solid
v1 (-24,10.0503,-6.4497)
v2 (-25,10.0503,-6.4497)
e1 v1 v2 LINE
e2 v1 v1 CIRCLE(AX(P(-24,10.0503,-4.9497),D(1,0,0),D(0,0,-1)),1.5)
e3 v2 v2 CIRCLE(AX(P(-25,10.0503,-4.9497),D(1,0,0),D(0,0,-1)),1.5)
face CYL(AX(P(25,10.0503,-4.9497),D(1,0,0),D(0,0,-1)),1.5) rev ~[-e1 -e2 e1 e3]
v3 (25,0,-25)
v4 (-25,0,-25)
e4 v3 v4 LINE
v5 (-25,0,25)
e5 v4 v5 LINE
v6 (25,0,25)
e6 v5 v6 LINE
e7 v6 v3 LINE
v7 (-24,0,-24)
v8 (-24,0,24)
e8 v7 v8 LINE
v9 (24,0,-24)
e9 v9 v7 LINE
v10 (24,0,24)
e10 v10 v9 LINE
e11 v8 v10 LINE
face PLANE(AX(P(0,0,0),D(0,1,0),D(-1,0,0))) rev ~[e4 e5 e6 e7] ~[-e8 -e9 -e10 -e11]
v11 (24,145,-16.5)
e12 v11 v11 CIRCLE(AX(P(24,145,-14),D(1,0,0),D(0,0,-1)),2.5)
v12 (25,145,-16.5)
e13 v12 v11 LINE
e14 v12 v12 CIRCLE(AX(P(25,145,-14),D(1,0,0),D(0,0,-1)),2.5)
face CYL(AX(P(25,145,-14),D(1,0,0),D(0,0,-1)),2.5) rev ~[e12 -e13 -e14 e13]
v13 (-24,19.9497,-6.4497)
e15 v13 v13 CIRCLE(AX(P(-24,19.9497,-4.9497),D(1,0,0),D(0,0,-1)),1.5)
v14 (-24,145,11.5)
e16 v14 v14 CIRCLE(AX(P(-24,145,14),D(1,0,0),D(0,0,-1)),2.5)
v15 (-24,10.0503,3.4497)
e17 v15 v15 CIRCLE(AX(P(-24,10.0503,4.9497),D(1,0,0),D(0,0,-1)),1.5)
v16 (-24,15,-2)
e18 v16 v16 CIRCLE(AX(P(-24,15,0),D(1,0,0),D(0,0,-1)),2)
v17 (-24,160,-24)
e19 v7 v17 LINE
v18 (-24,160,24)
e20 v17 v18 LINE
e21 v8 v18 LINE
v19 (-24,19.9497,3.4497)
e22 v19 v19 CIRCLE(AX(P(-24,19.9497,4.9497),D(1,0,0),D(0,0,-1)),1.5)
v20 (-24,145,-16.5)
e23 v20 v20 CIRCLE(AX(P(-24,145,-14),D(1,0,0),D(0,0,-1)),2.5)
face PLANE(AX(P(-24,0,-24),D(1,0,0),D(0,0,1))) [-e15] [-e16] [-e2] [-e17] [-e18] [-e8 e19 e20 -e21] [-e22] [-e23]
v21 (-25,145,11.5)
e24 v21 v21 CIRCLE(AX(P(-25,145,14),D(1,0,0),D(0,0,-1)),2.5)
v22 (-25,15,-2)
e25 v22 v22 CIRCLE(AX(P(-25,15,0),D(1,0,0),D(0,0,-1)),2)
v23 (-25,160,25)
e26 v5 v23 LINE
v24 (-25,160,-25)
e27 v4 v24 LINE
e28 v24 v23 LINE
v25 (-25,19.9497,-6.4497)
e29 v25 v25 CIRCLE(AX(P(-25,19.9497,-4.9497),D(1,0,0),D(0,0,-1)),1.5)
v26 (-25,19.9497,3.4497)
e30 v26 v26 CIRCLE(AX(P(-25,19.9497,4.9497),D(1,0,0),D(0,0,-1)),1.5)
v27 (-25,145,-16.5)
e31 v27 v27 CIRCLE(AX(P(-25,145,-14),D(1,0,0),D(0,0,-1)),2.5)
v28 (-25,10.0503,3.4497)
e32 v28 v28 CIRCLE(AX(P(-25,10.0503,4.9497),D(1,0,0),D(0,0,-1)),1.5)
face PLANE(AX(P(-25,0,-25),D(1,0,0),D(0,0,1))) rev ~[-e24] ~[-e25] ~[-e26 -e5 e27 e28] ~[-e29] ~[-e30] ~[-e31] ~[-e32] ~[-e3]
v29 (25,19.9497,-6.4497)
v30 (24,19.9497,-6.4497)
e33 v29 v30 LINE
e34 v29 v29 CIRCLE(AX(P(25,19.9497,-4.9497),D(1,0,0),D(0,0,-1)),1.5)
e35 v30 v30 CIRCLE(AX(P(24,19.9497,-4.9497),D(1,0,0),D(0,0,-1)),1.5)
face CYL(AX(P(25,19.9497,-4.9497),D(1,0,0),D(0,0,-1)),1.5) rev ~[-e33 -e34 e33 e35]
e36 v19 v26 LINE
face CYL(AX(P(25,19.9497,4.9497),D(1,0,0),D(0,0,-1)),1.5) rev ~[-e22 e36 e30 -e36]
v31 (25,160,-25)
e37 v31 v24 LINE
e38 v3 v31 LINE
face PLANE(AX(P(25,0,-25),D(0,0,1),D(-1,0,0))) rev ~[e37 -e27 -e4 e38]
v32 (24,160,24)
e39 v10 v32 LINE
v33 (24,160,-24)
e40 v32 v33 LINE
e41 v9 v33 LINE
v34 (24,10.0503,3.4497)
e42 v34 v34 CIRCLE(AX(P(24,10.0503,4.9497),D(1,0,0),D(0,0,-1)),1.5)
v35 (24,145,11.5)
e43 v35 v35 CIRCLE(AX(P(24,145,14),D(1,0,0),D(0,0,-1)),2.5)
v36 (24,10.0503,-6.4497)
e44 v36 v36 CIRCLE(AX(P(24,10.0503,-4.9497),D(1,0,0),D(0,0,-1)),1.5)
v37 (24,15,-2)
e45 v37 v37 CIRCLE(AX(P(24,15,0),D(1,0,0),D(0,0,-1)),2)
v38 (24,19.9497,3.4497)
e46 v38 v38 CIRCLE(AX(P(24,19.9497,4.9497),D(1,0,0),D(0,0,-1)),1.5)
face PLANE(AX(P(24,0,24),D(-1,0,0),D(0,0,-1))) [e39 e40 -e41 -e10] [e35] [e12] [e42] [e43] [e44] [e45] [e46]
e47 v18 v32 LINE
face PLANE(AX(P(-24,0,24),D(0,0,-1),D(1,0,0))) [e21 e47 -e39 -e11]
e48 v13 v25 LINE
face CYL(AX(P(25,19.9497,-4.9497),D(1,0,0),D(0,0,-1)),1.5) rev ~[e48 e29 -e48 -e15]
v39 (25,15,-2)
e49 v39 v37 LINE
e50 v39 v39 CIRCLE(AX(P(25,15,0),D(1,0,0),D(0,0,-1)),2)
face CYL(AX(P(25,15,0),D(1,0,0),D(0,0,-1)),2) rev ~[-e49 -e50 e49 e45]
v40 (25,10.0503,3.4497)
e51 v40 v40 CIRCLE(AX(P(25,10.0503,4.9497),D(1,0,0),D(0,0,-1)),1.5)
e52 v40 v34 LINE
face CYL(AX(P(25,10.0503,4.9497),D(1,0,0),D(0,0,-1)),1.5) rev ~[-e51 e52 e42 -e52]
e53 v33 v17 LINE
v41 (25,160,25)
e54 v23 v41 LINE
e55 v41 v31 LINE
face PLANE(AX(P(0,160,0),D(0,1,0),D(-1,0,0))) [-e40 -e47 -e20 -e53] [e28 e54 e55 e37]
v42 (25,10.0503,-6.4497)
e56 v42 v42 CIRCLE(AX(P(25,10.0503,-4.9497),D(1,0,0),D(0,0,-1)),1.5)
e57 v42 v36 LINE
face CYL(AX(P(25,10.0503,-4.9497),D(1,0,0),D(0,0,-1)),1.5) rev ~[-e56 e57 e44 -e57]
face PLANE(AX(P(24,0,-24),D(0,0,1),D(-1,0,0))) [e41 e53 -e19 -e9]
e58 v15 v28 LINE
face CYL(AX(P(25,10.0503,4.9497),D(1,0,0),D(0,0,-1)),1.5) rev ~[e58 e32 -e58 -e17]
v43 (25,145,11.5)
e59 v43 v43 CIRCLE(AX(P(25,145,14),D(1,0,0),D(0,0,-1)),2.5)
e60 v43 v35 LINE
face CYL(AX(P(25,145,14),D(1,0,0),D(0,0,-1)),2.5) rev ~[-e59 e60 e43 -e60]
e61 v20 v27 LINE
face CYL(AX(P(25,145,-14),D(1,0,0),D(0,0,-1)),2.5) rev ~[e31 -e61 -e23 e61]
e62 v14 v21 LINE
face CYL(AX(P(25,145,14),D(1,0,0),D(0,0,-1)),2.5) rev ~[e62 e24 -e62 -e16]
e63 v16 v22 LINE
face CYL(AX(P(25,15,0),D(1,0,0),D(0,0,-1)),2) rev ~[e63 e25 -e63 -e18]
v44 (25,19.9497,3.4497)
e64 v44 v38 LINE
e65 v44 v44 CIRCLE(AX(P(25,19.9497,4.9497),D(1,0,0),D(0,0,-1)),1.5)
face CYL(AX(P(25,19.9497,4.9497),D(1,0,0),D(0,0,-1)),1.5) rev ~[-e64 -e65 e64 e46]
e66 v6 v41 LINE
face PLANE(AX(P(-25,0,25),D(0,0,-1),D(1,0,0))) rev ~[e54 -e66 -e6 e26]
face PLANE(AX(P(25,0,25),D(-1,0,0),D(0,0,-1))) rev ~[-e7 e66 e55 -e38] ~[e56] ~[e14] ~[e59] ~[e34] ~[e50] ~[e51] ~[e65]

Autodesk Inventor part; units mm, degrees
ref_plane "YZ Plane" through (0, 0, 0) normal (1, 0, 0) x (0, 1, 0)
ref_plane "XZ Plane" through (0, 0, 0) normal (0, 1, 0) x (-1, 0, 0)
ref_plane "XY Plane" through (0, 0, 0) normal (0, 0, 1) x (1, 0, 0)
sketch "Sketch1" plane through (0, 0, 0) normal (0, 1, 0) x (-1, 0, 0)
  line L0 (25, 25) -> (-25, 25)
  line L1 (-25, 25) -> (-25, -25)
  line L2 (-25, -25) -> (25, -25)
  line L3 (25, -25) -> (25, 25)
  line L4 (25, 25) -> (-25, -25) construction
  line L5 (-25, 25) -> (25, -25) construction
  line L6 (24, 24) -> (-24, 24)
  line L7 (-24, 24) -> (-24, -24)
  line L8 (-24, -24) -> (24, -24)
  line L9 (24, -24) -> (24, 24)
  line L10 (24, 24) -> (-24, -24) construction
  line L11 (-24, 24) -> (24, -24) construction
  point P0 (0, 0)
  dimension "d0" = 50
  dimension "d2" = 48
extrude "Extrusion1" add sketch "Sketch1" along normal blind 160
sketch "Sketch2" plane through (25, 0, 25) normal (1, 0, 0) x (0, 0, -1)
  line L0 (0, 0) -> (48, 0) construction
  line L1 (0, 0) -> (0, 15) construction
  line L2 (0, 15) -> (11, 15) construction
  line L3 (11, 15) -> (39, 15) construction
  line L4 (25, 15) -> (20.0503, 19.9497) construction
  line L5 (25, 15) -> (32, 15) construction
  line L6 (20.0503, 19.9497) -> (20.0503, 22.4497) construction
  line L7 (21.4936, 22.4497) -> (22.937, 19.9497)
  line L8 (22.937, 19.9497) -> (21.4936, 17.4497)
  line L9 (21.4936, 17.4497) -> (18.6069, 17.4497)
  line L10 (18.6069, 17.4497) -> (17.1635, 19.9497)
  line L11 (17.1635, 19.9497) -> (18.6069, 22.4497)
  line L12 (18.6069, 22.4497) -> (21.4936, 22.4497)
  line L13 (25, 15) -> (25, 18.7194) construction
  circle A0 centre (20.0503, 19.9497) radius 1.5
  line L14 (29.9497, 19.9497) -> (29.9497, 22.4497) construction
  line L15 (28.5064, 22.4497) -> (27.063, 19.9497)
  line L16 (27.063, 19.9497) -> (28.5064, 17.4497)
  line L17 (28.5064, 17.4497) -> (31.3931, 17.4497)
  line L18 (31.3931, 22.4497) -> (28.5064, 22.4497)
  line L19 (32.8365, 19.9497) -> (31.3931, 22.4497)
  line L20 (31.3931, 17.4497) -> (32.8365, 19.9497)
  circle A1 centre (29.9497, 19.9497) radius 1.5
  line L21 (20.0503, 10.0503) -> (20.0503, 7.5503) construction
  line L22 (21.4936, 7.5503) -> (22.937, 10.0503)
  line L23 (22.937, 10.0503) -> (21.4936, 12.5503)
  line L24 (21.4936, 12.5503) -> (18.6069, 12.5503)
  line L25 (18.6069, 7.5503) -> (21.4936, 7.5503)
  line L26 (17.1635, 10.0503) -> (18.6069, 7.5503)
  line L27 (18.6069, 12.5503) -> (17.1635, 10.0503)
  circle A2 centre (20.0503, 10.0503) radius 1.5
  line L28 (27.063, 10.0503) -> (28.5064, 12.5503)
  line L29 (28.5064, 12.5503) -> (31.3931, 12.5503)
  line L30 (28.5064, 7.5503) -> (27.063, 10.0503)
  circle A3 centre (29.9497, 10.0503) radius 1.5
  line L31 (31.3931, 12.5503) -> (32.8365, 10.0503)
  line L32 (31.3931, 7.5503) -> (28.5064, 7.5503)
  line L33 (32.8365, 10.0503) -> (31.3931, 7.5503)
  line L34 (29.9497, 10.0503) -> (29.9497, 7.5503) construction
  line L35 (0, 15) -> (0, 30) construction
  line L36 (0, 0) -> (0, 160) construction
  line L37 (25, 145) -> (32, 145) construction
  circle A4 centre (39, 145) radius 2.5
  line L38 (11, 145) -> (39, 145) construction
  line L39 (0, 130) -> (48, 130) construction
  line L40 (25, 145) -> (20.0503, 149.9497) construction
  line L41 (25, 145) -> (25, 148.7194) construction
  line L42 (0, 130) -> (0, 145) construction
  line L43 (0, 145) -> (11, 145) construction
  circle A5 centre (11, 145) radius 2.5
  line L44 (0, 145) -> (0, 160) construction
  circle A6 centre (25, 15) radius 2
  point P0 (25, 0)
  point P1 (25, 11.2806)
  dimension "d6" = 15
  dimension "d7" = 11
  dimension "d8" = 28
  dimension "d11" = 7
  dimension "d12" = 135
  dimension "d13" = 2.5
  dimension "d18" = 3
  dimension "d19" = 15
  dimension "d20" = 15
  dimension "d21" = 11
  dimension "d22" = 28
  dimension "d23" = 5
  dimension "d24" = 5
  dimension "d25" = 7
  dimension "d26" = 135
  dimension "d29" = 15
  dimension "d30" = 4
extrude "Extrusion2" cut sketch "Sketch2" against normal blind 50 contours A0 | A1 | A2 | A3 | A4 | A5 | A6
properties part number "End-Link" material "Aluminum 6061"
